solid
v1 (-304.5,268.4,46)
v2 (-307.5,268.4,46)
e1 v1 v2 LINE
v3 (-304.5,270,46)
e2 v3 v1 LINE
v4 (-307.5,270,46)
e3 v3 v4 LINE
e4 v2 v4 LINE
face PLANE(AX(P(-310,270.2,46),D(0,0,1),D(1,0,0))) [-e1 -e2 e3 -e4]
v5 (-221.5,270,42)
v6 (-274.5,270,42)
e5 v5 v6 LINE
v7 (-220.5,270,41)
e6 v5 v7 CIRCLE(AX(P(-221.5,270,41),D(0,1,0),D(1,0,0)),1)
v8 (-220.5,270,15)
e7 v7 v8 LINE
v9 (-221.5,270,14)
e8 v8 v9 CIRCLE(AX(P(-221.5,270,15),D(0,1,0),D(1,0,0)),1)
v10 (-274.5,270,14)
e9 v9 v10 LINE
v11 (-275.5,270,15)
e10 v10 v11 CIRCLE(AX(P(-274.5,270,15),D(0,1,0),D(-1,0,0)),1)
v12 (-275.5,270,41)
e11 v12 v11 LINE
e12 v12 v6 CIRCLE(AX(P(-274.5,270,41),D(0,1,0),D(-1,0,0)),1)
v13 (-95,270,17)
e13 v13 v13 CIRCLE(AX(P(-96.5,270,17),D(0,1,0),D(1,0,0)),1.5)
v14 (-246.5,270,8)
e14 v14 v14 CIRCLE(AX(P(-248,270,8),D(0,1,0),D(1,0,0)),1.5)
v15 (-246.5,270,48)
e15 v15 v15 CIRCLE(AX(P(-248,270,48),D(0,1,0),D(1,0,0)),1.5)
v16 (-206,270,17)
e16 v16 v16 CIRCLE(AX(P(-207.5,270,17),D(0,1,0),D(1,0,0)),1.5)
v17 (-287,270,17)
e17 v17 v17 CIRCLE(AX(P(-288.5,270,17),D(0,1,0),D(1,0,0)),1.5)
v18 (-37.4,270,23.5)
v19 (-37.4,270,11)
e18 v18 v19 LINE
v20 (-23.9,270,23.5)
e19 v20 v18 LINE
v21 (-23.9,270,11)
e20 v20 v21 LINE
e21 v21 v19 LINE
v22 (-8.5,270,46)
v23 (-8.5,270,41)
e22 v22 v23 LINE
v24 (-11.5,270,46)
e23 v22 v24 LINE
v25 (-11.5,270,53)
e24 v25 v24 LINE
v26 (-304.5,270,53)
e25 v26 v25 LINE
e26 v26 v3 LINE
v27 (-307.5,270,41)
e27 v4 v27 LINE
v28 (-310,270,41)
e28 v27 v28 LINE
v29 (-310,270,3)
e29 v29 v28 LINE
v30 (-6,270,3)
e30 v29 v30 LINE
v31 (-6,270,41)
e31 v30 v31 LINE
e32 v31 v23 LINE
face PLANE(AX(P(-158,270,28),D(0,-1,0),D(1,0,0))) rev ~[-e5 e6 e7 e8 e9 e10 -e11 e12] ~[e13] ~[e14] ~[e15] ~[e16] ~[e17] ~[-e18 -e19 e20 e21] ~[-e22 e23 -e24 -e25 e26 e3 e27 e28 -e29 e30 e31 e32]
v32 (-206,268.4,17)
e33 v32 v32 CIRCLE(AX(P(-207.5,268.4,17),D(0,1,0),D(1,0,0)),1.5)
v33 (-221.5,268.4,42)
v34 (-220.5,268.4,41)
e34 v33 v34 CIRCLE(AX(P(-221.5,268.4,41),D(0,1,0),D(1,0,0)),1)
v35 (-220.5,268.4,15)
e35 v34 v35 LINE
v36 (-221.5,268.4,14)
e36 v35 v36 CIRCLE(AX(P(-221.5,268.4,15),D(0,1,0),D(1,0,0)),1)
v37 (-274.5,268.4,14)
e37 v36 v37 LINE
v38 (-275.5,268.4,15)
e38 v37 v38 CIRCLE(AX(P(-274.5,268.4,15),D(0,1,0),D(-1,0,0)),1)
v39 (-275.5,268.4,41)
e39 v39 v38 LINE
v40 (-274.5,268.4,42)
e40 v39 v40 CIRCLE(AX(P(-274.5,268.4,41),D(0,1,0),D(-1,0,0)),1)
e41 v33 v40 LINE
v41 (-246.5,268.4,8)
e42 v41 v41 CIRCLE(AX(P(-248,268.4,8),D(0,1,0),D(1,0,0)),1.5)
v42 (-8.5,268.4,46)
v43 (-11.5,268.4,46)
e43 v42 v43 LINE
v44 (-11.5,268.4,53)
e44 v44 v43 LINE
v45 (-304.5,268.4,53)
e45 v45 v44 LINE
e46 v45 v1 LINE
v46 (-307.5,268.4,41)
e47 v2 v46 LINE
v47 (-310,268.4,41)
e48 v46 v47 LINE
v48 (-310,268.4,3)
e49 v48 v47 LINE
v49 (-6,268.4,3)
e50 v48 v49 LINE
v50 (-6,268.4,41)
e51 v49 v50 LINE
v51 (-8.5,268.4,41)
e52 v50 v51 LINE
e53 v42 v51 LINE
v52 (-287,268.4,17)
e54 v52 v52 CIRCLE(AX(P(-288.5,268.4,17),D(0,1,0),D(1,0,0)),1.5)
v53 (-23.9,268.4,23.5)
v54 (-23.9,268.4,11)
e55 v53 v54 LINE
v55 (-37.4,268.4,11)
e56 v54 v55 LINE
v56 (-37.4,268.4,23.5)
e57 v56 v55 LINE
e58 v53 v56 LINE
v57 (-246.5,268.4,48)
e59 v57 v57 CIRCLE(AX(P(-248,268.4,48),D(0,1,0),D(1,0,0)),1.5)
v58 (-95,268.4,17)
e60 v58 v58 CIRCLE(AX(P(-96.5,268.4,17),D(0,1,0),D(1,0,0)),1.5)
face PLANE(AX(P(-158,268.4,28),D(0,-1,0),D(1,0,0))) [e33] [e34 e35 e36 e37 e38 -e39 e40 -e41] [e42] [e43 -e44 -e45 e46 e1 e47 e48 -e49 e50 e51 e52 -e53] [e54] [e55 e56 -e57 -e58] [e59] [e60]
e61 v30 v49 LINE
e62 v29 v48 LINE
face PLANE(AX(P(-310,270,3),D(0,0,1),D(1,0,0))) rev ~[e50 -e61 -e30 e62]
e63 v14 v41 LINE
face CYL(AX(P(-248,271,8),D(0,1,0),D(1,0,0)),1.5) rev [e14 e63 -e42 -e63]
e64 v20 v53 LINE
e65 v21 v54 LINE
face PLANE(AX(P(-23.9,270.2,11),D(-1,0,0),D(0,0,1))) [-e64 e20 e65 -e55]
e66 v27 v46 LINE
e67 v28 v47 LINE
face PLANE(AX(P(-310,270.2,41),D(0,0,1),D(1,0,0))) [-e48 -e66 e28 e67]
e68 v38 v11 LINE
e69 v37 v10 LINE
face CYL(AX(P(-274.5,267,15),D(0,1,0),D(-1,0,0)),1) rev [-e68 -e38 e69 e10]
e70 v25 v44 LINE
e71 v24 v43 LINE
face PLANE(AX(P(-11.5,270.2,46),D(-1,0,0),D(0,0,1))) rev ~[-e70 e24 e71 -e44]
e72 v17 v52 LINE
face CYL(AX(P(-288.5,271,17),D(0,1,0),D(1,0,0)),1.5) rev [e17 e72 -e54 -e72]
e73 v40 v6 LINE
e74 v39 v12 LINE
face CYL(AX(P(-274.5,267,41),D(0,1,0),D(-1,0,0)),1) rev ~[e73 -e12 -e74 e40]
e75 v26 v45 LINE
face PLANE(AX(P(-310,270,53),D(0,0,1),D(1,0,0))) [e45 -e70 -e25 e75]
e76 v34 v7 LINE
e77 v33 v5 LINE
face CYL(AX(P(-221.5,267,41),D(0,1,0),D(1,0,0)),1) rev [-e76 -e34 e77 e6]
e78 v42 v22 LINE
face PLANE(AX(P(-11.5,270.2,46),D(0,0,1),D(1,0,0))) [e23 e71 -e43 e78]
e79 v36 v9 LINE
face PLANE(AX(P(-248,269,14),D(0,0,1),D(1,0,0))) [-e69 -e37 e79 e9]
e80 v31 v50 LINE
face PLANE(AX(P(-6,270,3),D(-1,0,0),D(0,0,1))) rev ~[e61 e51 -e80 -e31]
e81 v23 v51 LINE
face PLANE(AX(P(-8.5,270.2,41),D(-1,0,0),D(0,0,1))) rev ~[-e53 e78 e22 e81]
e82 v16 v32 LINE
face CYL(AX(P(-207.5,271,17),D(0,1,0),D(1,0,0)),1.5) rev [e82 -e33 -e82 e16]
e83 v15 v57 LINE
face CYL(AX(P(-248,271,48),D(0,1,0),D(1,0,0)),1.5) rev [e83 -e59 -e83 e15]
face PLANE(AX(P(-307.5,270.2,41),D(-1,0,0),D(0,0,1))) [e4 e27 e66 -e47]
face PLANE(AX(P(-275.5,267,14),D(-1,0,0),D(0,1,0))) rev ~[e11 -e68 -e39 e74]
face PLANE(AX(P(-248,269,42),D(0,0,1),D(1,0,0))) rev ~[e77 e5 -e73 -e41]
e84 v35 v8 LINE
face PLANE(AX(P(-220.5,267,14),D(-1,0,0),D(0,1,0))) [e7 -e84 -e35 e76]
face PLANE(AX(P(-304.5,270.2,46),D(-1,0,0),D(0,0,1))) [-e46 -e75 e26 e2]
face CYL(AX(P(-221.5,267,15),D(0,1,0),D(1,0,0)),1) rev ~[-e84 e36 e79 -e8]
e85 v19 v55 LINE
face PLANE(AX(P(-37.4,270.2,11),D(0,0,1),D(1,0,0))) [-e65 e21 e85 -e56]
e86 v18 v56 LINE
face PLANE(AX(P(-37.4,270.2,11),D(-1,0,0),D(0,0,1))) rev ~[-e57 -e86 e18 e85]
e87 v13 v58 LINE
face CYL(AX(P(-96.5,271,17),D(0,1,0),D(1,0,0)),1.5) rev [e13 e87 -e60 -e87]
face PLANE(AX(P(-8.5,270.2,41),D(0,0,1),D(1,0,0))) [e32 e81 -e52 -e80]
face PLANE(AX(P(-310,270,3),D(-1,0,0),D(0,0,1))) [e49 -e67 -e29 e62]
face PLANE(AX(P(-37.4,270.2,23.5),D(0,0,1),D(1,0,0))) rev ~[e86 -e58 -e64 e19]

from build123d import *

# Parameters (mm, degrees)
BOX013_W                   = 13.5
BOX013_H                   = 12.5
BOX013_DEPTH               = 2
BOX015001005_W             = 55
BOX015001005_H             = 4
BOX015001005_DEPTH         = 28
FILLET001_R                = 1
CYLINDER012029001024_R     = 1.5
CYLINDER012029001024_DEPTH = 6
CYLINDER012029001025_R     = 1.5
CYLINDER012029001025_DEPTH = 6
CYLINDER012029001026_R     = 1.5
CYLINDER012029001026_DEPTH = 6
CYLINDER012029001028_R     = 1.5
CYLINDER012029001028_DEPTH = 6
BOX015001024_W             = 5.5
BOX015001024_H             = 7
BOX015001024_DEPTH         = 2
BOX015001023_W             = 2.5
BOX015001023_H             = 12
BOX015001023_DEPTH         = 2
BOX015001022_W             = 5.5
BOX015001022_H             = 7
BOX015001022_DEPTH         = 2
CYLINDER012029001027_R     = 1.5
CYLINDER012029001027_DEPTH = 6
BOX015001025_W             = 2.5
BOX015001025_H             = 12
BOX015001025_DEPTH         = 2
BOX012_W                   = 304
BOX012_H                   = 50
BOX012_DEPTH               = 1.6


with BuildPart() as cube002:
    # Box013 → Box013 (new body)
    with BuildSketch(Plane(origin=(-37.4, 270.2, 11), x_dir=(1, 0, 0), z_dir=(0, -1, 0))):
        with Locations((6.75, 6.25)):
            Rectangle(BOX013_W, BOX013_H)
    extrude(amount=BOX013_DEPTH)


with BuildPart() as fillet001:
    # Box015001005 → Box015001005 (new body)
    with BuildSketch(Plane(origin=(-275.5, 267, 14), x_dir=(1, 0, 0), z_dir=(0, 0, 1))):
        with Locations((27.5, 2)):
            Rectangle(BOX015001005_W, BOX015001005_H)
    extrude(amount=BOX015001005_DEPTH)

    # Fillet001
    fillet001_edges = [fillet001.edges().sort_by_distance(p)[0] for p in [
        (-275.5, 269, 42),
        (-275.5, 269, 14),
        (-220.5, 269, 42),
        (-220.5, 269, 14),
    ]]
    fillet(fillet001_edges, radius=FILLET001_R)


with BuildPart() as cylinder012029001024:
    # Cylinder012029001024 → Cylinder012029001024 (new body)
    with BuildSketch(Plane(origin=(-248, 271, 8), x_dir=(1, 0, 0), z_dir=(0, -1, 0))):
        Circle(CYLINDER012029001024_R)
    extrude(amount=CYLINDER012029001024_DEPTH)


with BuildPart() as cylinder012029001025:
    # Cylinder012029001025 → Cylinder012029001025 (new body)
    with BuildSketch(Plane(origin=(-248, 271, 48), x_dir=(1, 0, 0), z_dir=(0, -1, 0))):
        Circle(CYLINDER012029001025_R)
    extrude(amount=CYLINDER012029001025_DEPTH)


with BuildPart() as cylinder012029001026:
    # Cylinder012029001026 → Cylinder012029001026 (new body)
    with BuildSketch(Plane(origin=(-288.5, 271, 17), x_dir=(1, 0, 0), z_dir=(0, -1, 0))):
        Circle(CYLINDER012029001026_R)
    extrude(amount=CYLINDER012029001026_DEPTH)


with BuildPart() as cylinder012029001028:
    # Cylinder012029001028 → Cylinder012029001028 (new body)
    with BuildSketch(Plane(origin=(-96.5, 271, 17), x_dir=(1, 0, 0), z_dir=(0, -1, 0))):
        Circle(CYLINDER012029001028_R)
    extrude(amount=CYLINDER012029001028_DEPTH)


with BuildPart() as cube021:
    # Box015001024 → Box015001024 (new body)
    with BuildSketch(Plane(origin=(-310, 270.2, 46), x_dir=(1, 0, 0), z_dir=(0, -1, 0))):
        with Locations((2.75, 3.5)):
            Rectangle(BOX015001024_W, BOX015001024_H)
    extrude(amount=BOX015001024_DEPTH)


with BuildPart() as cube020:
    # Box015001023 → Box015001023 (new body)
    with BuildSketch(Plane(origin=(-8.5, 270.2, 41), x_dir=(1, 0, 0), z_dir=(0, -1, 0))):
        with Locations((1.25, 6)):
            Rectangle(BOX015001023_W, BOX015001023_H)
    extrude(amount=BOX015001023_DEPTH)


with BuildPart() as cube019:
    # Box015001022 → Box015001022 (new body)
    with BuildSketch(Plane(origin=(-11.5, 270.2, 46), x_dir=(1, 0, 0), z_dir=(0, -1, 0))):
        with Locations((2.75, 3.5)):
            Rectangle(BOX015001022_W, BOX015001022_H)
    extrude(amount=BOX015001022_DEPTH)


with BuildPart() as cylinder012029001027:
    # Cylinder012029001027 → Cylinder012029001027 (new body)
    with BuildSketch(Plane(origin=(-207.5, 271, 17), x_dir=(1, 0, 0), z_dir=(0, -1, 0))):
        Circle(CYLINDER012029001027_R)
    extrude(amount=CYLINDER012029001027_DEPTH)


with BuildPart() as fusion001012:
    # Box015001025 → Box015001025 (new body)
    with BuildSketch(Plane(origin=(-310, 270.2, 41), x_dir=(1, 0, 0), z_dir=(0, -1, 0))):
        with Locations((1.25, 6)):
            Rectangle(BOX015001025_W, BOX015001025_H)
    extrude(amount=BOX015001025_DEPTH)

    # Fusion001012: union Cube002, Fillet001, Cylinder012029001024, Cylinder012029001025, Cylinder012029001026, Cylinder012029001028, Cube021, Cube020, Cube019, Cylinder012029001027
    add(cube002.part)
    add(fillet001.part)
    add(cylinder012029001024.part)
    add(cylinder012029001025.part)
    add(cylinder012029001026.part)
    add(cylinder012029001028.part)
    add(cube021.part)
    add(cube020.part)
    add(cube019.part)
    add(cylinder012029001027.part)


with BuildPart() as cut003025:
    # Box012 → Box012 (new body)
    with BuildSketch(Plane(origin=(-310, 270, 3), x_dir=(1, 0, 0), z_dir=(0, -1, 0))):
        with Locations((152, 25)):
            Rectangle(BOX012_W, BOX012_H)
    extrude(amount=BOX012_DEPTH)

    # Cut003025: cut Fusion001012
    add(fusion001012.part, mode=Mode.SUBTRACT)


solid = cut003025.part
